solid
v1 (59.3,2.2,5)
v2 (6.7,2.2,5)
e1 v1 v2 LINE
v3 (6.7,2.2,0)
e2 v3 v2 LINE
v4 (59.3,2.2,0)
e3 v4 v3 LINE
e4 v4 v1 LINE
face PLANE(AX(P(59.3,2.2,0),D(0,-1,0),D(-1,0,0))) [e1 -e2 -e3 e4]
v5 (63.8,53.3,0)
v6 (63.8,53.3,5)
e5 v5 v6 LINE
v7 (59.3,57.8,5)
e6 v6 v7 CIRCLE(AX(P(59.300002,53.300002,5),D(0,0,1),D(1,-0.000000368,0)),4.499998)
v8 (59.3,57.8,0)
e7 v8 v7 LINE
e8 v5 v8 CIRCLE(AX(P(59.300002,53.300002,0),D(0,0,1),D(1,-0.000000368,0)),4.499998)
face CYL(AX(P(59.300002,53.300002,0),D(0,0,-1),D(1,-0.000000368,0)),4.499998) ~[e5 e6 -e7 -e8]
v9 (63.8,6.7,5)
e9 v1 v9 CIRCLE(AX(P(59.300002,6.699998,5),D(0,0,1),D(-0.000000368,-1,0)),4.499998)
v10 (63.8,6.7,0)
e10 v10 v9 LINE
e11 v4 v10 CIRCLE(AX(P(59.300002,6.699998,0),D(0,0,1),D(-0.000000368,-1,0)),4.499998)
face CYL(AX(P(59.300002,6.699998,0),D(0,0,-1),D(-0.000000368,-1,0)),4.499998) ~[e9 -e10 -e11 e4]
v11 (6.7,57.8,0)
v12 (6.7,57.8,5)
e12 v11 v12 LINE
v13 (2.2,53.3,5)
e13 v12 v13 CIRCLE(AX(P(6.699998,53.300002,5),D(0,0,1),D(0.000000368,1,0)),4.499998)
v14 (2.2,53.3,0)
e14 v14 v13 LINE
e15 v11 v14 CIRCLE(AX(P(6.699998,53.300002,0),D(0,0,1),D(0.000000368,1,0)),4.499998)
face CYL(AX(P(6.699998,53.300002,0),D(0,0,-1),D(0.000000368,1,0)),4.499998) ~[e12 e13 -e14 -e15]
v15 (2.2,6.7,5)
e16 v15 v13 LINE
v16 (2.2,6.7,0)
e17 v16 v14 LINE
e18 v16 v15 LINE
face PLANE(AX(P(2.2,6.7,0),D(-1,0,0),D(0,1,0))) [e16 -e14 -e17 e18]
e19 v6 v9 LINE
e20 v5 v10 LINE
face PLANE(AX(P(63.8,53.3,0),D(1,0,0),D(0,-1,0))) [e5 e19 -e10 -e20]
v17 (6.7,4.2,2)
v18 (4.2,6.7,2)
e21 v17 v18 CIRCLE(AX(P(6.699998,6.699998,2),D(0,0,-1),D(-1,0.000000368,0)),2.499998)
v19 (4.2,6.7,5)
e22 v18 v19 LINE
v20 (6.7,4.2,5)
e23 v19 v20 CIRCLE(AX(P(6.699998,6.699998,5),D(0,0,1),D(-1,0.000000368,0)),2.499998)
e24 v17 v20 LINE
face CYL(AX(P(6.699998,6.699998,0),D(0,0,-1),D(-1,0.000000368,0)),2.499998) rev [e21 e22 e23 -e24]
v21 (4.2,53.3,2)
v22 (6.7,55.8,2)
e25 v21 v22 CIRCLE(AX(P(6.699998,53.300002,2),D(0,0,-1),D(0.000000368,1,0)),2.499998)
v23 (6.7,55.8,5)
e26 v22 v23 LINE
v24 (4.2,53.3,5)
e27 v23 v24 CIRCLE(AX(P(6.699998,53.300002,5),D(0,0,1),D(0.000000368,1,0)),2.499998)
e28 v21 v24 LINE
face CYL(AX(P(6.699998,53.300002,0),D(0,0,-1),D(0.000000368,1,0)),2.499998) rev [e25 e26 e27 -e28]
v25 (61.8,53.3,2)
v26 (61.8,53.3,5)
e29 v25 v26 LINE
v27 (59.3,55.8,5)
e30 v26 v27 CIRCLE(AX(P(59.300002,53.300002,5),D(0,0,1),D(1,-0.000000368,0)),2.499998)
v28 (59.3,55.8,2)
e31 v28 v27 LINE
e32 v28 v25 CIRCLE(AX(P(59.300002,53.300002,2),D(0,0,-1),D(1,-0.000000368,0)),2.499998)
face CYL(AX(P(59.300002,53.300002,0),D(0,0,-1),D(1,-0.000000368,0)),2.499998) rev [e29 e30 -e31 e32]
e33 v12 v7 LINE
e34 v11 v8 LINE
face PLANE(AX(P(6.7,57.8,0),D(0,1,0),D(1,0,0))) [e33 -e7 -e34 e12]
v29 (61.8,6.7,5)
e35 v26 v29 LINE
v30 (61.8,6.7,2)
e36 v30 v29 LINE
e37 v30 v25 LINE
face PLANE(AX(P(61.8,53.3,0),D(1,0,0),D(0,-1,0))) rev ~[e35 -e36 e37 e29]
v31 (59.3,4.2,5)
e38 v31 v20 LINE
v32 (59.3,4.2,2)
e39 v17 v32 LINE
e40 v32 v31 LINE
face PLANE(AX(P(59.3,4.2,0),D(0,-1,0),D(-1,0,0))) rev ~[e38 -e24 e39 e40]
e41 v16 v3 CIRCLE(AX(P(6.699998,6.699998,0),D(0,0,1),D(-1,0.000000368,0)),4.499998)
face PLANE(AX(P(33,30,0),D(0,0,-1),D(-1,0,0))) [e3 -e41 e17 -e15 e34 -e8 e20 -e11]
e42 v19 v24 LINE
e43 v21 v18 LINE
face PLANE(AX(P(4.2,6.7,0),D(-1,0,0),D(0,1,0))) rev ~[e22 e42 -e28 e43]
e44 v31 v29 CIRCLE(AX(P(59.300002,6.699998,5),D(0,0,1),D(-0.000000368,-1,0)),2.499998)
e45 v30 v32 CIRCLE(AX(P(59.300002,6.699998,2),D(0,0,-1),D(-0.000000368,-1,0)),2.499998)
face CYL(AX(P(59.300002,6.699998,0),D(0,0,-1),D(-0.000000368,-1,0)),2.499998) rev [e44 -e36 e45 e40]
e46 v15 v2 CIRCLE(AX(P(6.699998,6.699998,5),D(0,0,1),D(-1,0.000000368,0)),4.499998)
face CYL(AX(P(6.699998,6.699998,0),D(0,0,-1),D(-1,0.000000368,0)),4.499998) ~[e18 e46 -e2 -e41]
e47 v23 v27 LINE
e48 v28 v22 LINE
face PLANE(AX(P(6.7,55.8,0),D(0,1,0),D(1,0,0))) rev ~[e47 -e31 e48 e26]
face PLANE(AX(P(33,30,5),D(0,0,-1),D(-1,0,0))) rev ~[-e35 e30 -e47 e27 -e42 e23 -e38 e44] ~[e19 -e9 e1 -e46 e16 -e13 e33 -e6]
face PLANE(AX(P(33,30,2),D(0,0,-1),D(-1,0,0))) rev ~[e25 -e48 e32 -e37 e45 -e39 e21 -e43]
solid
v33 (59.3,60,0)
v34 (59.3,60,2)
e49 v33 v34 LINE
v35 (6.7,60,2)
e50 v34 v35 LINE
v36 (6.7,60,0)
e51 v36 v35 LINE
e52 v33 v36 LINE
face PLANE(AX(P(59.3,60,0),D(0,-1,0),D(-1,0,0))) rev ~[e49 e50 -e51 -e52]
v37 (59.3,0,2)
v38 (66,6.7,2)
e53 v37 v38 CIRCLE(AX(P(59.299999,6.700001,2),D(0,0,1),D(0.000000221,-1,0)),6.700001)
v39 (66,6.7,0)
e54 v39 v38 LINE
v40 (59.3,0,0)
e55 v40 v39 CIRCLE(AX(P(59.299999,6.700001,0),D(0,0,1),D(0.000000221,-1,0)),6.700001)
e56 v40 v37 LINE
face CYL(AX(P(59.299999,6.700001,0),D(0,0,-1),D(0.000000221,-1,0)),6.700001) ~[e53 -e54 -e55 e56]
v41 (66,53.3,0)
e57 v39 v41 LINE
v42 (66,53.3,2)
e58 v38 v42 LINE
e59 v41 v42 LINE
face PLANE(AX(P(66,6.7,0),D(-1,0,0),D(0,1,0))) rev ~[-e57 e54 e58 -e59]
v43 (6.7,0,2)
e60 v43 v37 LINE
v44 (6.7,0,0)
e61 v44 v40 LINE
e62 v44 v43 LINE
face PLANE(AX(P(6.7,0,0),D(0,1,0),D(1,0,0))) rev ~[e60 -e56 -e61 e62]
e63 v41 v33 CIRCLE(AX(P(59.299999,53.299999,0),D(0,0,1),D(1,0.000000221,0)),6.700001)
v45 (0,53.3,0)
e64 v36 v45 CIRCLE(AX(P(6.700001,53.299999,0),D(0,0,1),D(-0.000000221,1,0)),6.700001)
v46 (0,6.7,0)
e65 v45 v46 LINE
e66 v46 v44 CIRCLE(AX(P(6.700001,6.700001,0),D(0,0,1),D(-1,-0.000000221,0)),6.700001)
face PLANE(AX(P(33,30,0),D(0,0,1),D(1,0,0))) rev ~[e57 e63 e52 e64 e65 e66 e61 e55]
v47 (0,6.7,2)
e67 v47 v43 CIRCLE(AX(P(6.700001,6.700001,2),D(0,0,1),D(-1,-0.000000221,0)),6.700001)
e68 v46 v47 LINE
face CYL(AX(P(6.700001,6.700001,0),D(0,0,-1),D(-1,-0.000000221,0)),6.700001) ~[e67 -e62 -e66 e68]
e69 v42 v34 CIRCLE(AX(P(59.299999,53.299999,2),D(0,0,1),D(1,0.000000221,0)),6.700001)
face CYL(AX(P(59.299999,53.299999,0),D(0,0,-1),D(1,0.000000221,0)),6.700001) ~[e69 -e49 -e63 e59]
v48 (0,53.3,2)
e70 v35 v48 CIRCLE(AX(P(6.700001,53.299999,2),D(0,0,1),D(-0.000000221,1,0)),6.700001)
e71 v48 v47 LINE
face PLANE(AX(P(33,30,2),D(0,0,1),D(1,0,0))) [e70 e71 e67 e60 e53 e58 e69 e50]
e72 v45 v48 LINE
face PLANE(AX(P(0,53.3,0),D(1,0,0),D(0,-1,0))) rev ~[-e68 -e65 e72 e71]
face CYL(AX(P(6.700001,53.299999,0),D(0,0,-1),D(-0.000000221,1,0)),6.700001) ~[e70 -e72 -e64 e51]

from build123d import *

# Parameters (mm, degrees)
EXTRUDE_DEPTH    = 2
EXTRUDE001_DEPTH = 5
THICKNESS_T      = -2


with BuildPart() as base:
    # Sketch → Extrude (new body)
    with BuildSketch(Plane.XY):
        with BuildLine():
            Line((6.7, 0), (59.3, 0))
            ThreePointArc((59.3, 0), (64.037615, 1.962385), (66, 6.7))
            Line((66, 6.7), (66, 53.3))
            ThreePointArc((66, 53.3), (64.037615, 58.037615), (59.3, 60))
            Line((59.3, 60), (6.7, 60))
            ThreePointArc((6.7, 60), (1.962385, 58.037615), (0, 53.3))
            Line((0, 53.3), (0, 6.7))
            ThreePointArc((0, 6.7), (1.962385, 1.962385), (6.7, 0))
        make_face()
    extrude(amount=EXTRUDE_DEPTH)


with BuildPart() as thickness:
    # Sketch001 → Extrude001 (new body)
    with BuildSketch(Plane.XY):
        with BuildLine():
            Line((6.7, 57.8), (59.3, 57.8))
            ThreePointArc((63.8, 53.3), (62.481981, 56.481981), (59.3, 57.8))
            Line((63.8, 53.3), (63.8, 6.7))
            ThreePointArc((59.3, 2.2), (62.481981, 3.518019), (63.8, 6.7))
            Line((59.3, 2.2), (6.7, 2.2))
            ThreePointArc((2.2, 6.7), (3.518019, 3.518019), (6.7, 2.2))
            Line((2.2, 6.7), (2.2, 53.3))
            ThreePointArc((6.7, 57.8), (3.518019, 56.481981), (2.2, 53.3))
        make_face()
    extrude(amount=EXTRUDE001_DEPTH)

    # Thickness
    thickness_openings = [thickness.faces().sort_by_distance(p)[0] for p in [
        (33, 30, 5),
    ]]
    offset(amount=THICKNESS_T, openings=thickness_openings)


solid = Compound([base.part, thickness.part])
